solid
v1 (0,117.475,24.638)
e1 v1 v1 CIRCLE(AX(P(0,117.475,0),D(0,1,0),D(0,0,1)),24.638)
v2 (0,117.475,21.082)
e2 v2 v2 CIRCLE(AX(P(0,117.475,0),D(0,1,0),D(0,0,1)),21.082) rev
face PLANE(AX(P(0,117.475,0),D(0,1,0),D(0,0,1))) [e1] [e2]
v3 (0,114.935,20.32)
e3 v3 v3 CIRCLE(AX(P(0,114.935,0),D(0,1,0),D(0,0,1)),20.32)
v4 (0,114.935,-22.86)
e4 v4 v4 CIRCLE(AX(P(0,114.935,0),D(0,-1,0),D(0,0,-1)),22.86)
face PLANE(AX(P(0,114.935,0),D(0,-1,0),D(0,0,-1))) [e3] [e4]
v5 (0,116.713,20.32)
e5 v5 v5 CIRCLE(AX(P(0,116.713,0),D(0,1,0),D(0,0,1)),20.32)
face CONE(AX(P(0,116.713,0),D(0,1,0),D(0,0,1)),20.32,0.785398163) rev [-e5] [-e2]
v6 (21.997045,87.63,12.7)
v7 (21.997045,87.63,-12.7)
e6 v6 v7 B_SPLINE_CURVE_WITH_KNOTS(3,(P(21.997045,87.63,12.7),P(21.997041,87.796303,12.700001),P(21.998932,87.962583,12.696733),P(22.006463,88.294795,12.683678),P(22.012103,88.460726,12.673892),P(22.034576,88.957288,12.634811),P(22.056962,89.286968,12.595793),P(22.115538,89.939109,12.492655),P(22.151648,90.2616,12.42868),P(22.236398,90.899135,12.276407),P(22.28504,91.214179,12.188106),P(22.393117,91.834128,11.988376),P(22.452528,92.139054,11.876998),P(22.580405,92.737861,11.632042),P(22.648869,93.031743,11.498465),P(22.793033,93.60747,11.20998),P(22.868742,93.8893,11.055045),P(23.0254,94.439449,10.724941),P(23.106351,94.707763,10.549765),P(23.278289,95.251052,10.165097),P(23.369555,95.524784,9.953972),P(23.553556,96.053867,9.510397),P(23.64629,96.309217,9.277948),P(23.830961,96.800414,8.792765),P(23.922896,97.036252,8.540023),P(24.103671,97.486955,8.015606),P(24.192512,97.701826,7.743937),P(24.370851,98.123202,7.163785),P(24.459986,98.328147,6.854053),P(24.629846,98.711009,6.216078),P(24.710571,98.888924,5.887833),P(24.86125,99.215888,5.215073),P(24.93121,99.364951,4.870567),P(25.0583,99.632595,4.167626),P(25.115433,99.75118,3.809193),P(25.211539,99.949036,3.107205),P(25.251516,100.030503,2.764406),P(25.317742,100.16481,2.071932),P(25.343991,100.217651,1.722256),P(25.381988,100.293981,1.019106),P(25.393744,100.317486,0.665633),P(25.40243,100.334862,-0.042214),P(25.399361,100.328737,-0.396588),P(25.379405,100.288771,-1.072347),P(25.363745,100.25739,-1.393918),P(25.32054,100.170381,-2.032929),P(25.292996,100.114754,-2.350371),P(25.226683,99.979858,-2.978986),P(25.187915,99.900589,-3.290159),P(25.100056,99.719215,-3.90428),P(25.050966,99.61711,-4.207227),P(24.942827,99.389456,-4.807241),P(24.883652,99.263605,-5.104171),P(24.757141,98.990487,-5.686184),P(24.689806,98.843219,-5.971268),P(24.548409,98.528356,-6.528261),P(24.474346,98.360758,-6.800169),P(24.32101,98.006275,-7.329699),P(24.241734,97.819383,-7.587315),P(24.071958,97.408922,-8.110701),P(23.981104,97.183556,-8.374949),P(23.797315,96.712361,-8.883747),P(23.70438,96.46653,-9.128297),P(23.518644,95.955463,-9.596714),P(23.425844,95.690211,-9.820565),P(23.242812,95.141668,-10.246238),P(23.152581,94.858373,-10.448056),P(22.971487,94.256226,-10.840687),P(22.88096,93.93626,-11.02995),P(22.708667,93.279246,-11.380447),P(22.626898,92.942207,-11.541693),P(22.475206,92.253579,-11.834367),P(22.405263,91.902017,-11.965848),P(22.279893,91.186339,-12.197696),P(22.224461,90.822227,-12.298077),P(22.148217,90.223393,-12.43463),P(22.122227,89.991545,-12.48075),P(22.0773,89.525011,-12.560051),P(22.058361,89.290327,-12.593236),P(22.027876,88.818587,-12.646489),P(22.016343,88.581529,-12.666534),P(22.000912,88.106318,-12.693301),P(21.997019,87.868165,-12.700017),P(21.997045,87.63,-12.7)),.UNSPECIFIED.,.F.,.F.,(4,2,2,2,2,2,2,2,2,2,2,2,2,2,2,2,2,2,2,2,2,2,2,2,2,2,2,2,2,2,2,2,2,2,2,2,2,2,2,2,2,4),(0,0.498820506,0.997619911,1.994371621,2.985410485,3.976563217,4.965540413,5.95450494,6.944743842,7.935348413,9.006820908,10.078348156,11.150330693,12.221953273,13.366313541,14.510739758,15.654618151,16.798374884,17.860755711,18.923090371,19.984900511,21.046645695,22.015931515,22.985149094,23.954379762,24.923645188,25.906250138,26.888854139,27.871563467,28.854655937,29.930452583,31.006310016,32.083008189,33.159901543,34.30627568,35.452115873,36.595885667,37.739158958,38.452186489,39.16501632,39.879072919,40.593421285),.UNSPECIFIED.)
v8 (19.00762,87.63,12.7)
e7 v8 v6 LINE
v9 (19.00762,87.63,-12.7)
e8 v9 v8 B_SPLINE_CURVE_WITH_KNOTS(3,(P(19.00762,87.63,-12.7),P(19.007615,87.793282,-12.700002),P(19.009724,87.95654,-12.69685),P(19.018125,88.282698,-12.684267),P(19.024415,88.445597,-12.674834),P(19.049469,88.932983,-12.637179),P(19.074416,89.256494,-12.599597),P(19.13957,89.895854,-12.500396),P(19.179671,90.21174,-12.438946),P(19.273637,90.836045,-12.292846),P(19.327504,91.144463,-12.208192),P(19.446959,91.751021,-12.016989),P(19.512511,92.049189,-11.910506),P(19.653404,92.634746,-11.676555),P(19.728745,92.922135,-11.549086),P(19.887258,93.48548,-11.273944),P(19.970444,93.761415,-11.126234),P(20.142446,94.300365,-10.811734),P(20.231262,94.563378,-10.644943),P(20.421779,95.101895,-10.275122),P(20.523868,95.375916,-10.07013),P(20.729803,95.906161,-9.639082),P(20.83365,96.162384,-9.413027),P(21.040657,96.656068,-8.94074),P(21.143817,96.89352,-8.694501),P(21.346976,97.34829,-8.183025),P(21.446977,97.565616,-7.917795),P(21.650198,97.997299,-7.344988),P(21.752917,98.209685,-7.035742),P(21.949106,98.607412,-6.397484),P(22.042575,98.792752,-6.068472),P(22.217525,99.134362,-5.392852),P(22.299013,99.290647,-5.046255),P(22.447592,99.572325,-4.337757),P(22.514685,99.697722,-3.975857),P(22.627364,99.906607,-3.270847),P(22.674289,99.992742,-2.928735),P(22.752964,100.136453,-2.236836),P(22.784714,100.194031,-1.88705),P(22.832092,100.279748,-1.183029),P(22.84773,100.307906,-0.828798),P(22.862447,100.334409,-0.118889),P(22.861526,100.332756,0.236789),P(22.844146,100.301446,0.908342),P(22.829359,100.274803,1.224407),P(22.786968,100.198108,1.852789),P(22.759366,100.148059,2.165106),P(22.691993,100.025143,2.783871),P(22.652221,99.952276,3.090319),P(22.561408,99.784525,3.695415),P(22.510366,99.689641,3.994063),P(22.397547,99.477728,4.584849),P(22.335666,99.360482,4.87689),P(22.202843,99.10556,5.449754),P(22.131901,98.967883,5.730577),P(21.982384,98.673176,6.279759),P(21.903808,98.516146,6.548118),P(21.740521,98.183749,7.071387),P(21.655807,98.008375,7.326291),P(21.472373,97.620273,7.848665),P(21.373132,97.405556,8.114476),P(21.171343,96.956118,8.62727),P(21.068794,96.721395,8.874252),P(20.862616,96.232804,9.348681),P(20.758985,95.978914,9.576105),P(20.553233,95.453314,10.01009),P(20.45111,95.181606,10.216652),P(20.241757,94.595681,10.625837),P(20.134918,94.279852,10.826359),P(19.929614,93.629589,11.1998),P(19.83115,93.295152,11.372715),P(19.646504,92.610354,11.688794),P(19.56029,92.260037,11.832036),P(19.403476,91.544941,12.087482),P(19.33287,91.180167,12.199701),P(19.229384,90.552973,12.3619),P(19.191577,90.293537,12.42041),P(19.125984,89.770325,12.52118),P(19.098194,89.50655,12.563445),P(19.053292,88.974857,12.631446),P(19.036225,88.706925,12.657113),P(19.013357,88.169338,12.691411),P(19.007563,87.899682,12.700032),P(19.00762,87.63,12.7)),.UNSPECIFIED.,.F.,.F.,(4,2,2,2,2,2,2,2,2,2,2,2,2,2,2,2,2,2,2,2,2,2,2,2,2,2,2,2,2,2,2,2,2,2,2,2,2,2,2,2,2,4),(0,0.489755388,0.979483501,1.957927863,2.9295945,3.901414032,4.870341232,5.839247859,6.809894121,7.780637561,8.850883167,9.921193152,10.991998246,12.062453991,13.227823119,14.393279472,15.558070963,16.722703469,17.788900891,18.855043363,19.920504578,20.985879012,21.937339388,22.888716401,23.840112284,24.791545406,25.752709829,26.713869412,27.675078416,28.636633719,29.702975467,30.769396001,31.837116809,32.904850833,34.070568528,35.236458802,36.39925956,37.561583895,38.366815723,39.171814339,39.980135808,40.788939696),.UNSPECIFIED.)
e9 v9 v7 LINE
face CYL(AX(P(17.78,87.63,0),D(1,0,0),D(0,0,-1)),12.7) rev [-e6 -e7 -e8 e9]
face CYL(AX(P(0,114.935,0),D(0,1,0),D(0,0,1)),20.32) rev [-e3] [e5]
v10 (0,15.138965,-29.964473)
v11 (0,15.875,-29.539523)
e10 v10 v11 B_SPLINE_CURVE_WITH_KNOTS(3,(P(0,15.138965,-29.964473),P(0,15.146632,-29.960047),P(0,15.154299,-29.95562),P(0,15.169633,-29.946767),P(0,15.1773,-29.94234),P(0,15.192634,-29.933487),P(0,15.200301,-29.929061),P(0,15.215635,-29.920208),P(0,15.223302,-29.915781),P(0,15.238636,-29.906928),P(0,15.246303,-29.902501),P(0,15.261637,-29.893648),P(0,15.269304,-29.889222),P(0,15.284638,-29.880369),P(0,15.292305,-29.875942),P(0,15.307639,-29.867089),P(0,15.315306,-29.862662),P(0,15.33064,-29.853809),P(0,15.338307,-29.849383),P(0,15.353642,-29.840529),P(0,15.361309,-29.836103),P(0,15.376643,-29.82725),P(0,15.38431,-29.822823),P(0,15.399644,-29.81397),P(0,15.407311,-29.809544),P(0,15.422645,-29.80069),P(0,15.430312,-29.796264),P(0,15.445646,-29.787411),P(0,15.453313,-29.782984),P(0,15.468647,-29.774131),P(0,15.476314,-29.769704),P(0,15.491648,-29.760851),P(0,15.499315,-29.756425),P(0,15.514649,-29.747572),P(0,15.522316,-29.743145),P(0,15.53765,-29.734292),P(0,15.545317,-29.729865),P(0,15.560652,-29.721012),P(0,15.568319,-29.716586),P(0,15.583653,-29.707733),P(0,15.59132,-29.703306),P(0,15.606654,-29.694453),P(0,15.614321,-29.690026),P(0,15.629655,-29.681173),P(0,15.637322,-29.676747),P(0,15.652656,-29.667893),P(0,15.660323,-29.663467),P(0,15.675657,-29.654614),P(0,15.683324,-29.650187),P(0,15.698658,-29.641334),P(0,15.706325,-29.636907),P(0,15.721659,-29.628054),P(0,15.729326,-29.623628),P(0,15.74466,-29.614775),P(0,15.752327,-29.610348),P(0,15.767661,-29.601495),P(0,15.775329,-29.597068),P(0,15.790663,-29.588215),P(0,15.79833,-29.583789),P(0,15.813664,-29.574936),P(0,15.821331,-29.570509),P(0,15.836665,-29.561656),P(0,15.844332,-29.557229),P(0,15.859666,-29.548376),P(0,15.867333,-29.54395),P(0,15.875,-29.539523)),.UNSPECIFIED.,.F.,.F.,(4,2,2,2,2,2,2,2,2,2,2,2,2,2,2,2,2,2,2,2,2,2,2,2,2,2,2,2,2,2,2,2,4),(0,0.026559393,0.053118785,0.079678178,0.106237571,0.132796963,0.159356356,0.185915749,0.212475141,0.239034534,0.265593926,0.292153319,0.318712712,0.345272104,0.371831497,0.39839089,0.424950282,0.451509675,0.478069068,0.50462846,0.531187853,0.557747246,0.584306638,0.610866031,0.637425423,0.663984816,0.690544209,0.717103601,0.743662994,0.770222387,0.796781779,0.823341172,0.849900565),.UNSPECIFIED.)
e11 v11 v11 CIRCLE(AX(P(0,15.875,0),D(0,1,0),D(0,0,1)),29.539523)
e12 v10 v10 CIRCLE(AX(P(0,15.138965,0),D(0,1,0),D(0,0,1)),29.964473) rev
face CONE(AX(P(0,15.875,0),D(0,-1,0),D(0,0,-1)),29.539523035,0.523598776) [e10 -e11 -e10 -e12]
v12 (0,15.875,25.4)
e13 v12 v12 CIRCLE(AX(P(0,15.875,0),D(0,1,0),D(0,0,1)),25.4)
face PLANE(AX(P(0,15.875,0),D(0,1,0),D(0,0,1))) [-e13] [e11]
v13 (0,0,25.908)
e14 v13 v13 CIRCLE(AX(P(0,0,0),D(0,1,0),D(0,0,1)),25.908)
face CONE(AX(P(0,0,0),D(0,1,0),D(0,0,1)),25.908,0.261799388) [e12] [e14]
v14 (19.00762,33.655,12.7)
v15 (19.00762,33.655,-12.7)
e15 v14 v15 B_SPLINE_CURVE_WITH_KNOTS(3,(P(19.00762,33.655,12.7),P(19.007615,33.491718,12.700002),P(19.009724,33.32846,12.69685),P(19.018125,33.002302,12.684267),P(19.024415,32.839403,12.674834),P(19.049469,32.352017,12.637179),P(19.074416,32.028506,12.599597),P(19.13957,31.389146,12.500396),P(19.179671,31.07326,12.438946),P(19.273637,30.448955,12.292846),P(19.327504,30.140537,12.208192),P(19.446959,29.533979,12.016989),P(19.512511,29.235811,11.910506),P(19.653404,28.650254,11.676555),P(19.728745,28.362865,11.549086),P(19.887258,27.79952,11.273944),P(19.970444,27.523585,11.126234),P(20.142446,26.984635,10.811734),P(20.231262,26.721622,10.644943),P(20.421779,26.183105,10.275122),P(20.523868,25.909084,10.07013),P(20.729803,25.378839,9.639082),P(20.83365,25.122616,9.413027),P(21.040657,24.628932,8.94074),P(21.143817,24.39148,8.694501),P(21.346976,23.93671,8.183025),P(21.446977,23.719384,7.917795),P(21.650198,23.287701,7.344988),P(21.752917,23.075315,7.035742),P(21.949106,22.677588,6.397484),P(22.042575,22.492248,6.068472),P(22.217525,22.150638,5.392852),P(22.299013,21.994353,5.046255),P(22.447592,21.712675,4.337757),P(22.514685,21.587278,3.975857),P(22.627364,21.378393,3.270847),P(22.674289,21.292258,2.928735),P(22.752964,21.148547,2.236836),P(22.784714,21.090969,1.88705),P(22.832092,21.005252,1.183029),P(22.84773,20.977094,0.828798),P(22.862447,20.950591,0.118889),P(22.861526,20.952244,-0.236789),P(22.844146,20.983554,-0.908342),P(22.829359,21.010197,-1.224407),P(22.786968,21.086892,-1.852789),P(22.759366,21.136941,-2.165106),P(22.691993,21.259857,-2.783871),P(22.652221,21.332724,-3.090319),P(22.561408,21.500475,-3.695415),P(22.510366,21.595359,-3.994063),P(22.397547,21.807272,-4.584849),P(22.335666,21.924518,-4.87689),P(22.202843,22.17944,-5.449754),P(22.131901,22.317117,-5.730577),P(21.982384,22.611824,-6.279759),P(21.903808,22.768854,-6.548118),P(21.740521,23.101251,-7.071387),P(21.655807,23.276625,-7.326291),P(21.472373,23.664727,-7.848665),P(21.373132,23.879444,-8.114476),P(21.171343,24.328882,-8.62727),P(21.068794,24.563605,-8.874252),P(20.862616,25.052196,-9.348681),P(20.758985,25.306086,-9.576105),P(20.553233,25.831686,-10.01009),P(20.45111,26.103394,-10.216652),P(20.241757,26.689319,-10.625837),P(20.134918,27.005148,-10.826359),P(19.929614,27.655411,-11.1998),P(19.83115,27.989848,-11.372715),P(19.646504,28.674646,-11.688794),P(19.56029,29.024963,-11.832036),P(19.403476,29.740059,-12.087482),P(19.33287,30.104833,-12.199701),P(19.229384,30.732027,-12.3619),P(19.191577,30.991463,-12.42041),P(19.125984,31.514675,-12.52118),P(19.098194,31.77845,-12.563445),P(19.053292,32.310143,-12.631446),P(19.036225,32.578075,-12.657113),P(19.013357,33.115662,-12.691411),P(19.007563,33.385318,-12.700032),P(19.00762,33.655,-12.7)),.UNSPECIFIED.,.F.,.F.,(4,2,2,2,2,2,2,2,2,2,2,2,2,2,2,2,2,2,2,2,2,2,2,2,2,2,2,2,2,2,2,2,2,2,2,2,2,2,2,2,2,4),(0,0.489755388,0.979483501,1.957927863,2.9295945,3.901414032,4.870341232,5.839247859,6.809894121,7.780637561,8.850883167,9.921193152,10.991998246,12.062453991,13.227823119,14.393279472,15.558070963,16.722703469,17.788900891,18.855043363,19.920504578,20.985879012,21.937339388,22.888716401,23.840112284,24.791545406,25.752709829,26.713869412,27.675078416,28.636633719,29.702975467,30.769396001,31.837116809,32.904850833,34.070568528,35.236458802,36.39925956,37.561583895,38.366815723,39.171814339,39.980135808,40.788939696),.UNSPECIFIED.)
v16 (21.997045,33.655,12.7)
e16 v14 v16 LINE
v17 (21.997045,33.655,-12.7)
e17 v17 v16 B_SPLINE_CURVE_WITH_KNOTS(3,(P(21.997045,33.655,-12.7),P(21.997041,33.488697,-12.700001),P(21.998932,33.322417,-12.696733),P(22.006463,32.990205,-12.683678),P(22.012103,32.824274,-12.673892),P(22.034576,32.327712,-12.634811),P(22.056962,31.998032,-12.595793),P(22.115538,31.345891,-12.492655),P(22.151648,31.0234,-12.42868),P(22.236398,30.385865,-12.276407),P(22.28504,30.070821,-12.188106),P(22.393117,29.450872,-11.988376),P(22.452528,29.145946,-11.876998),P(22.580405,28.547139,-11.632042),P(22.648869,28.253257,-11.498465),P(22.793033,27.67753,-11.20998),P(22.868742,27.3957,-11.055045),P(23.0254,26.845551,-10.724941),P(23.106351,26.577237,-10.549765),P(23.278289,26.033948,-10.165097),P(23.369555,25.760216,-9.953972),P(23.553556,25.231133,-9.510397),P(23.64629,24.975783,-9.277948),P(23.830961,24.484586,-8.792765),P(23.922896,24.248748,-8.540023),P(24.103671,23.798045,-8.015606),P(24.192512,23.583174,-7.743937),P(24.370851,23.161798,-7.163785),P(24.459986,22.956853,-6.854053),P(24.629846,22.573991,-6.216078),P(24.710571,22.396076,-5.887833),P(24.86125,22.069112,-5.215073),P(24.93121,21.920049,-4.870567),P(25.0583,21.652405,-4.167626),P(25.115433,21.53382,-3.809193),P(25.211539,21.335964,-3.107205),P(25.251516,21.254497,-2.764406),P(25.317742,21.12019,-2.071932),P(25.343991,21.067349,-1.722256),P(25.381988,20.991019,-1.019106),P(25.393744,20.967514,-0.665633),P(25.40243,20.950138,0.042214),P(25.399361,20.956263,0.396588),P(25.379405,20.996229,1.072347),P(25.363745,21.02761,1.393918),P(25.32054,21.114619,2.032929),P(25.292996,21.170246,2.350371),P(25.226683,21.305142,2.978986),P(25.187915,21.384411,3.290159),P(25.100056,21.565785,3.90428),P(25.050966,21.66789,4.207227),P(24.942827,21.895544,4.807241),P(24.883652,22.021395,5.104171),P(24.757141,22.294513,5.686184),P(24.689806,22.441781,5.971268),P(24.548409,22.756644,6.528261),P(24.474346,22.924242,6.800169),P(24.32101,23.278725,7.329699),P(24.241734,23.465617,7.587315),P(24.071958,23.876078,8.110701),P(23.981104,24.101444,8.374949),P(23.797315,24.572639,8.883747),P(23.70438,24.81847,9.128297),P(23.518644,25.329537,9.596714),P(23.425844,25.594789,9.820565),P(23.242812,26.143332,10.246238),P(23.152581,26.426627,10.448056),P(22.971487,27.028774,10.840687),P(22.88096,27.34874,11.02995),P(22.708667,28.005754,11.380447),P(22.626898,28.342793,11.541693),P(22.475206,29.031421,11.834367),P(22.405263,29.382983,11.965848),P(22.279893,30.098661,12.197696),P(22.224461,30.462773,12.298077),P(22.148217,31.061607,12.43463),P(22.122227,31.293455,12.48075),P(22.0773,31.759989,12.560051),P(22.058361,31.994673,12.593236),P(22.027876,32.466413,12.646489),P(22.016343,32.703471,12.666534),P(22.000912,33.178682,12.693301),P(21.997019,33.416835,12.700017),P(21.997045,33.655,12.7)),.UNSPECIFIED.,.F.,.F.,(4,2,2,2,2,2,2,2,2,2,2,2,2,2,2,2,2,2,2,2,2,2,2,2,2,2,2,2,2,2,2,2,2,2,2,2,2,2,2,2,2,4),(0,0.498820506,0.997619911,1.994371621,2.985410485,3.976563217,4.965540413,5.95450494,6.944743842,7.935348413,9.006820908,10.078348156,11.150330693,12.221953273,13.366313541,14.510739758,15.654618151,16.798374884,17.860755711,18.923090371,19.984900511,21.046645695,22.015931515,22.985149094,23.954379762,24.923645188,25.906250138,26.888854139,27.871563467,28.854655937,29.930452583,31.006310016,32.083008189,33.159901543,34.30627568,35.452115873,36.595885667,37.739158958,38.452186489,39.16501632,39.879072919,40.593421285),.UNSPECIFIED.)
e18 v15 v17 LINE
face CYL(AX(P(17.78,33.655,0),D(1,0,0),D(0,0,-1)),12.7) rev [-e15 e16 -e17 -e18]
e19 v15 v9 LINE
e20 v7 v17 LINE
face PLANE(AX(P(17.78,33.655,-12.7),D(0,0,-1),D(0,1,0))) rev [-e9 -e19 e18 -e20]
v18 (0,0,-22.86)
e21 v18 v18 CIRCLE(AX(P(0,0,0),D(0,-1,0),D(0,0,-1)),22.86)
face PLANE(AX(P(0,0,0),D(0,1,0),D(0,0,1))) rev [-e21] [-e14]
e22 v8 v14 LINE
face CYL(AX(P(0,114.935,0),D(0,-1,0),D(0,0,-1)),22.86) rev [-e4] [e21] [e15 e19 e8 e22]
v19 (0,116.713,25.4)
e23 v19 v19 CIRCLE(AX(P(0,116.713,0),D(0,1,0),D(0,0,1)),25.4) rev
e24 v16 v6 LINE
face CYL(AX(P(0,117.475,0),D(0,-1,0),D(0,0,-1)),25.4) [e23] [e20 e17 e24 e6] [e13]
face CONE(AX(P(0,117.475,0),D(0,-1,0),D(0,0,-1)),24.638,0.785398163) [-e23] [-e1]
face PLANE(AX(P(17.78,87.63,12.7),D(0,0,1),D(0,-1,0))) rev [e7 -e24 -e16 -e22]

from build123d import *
from OCP.BRepFilletAPI import BRepFilletAPI_MakeChamfer

# Parameters (mm, degrees)
SKETCH1_R           = 25.908
BOSS_EXTRUDE1_DEPTH = 15.875
BOSS_EXTRUDE1_DRAFT = -15
SKETCH2_R           = 25.4
BOSS_EXTRUDE2_DEPTH = 101.6
SKETCH5_R           = 22.86
CUT_EXTRUDE2_DEPTH  = 114.935
SKETCH6_R           = 20.32
CUT_EXTRUDE3_DEPTH  = 2.54
CHAMFER1_SIZE       = 0.762
CHAMFER1_SIZE2      = 0.622170395
CUT_EXTRUDE6_DEPTH  = 7.62


with BuildPart() as part:
    # Sketch1 → Boss-Extrude1 (with draft: the straight prism first)
    with BuildSketch(Plane(origin=(0, 0, 0), x_dir=(1, 0, 0), z_dir=(0, 1, 0))):
        Circle(SKETCH1_R)
    extrude(amount=BOSS_EXTRUDE1_DEPTH)
    # Boss-Extrude1: the draft: its side faces are tilted about the plane it starts from
    boss_extrude1_sides = [part.faces().sort_by_distance(p)[0] for p in [
        (-25.908, 7.9375, 0),
    ]]
    draft(boss_extrude1_sides, Plane(origin=(0, 0, 0), x_dir=(1, 0, 0), z_dir=(0, 1, 0)), BOSS_EXTRUDE1_DRAFT)

    # Sketch2 → Boss-Extrude2 (add)
    with BuildSketch(Plane(origin=(0, 15.875, 0), x_dir=(1, 0, 0), z_dir=(0, 1, 0))):
        with Locations(Location((0, 0, 0), (0, 0, 270))):
            Circle(SKETCH2_R)
    extrude(amount=BOSS_EXTRUDE2_DEPTH)

    # Sketch5 → Cut-Extrude2 (cut)
    with BuildSketch(Plane.XZ):
        with Locations(Location((0, 0, 0), (0, 0, 270))):
            Circle(SKETCH5_R)
    extrude(amount=-CUT_EXTRUDE2_DEPTH, mode=Mode.SUBTRACT)

    # Sketch6 → Cut-Extrude3 (cut)
    with BuildSketch(Plane(origin=(0, 117.475, 0), x_dir=(1, 0, 0), z_dir=(0, 1, 0))):
        with Locations(Location((0, 0, 0), (0, 0, 270))):
            Circle(SKETCH6_R)
    extrude(amount=-CUT_EXTRUDE3_DEPTH, mode=Mode.SUBTRACT)

    # Chamfer1: one chamfer whose edges measure the first distance from different faces: ONE call of the kernel's chamfer builder (chamfer() names one face for all edges)
    chamfer1_edges_1 = [part.edges().sort_by_distance(p)[0] for p in [
        (0, 117.475, -20.32),
        (0, 117.475, -25.4),
    ]]
    chamfer1_edges_2 = [part.edges().sort_by_distance(p)[0] for p in [
        (-30.16169343, 15.875, 0),
    ]]
    chamfer1_side_2 = [part.faces().sort_by_distance(p)[0] for p in [
        (-28.034846715, 7.9375, 0),
    ]]
    chamfer1 = BRepFilletAPI_MakeChamfer(part.part.solid().wrapped)
    for e in chamfer1_edges_1:
        chamfer1.Add(CHAMFER1_SIZE, e.wrapped)
    for e in chamfer1_edges_2:
        chamfer1.Add(CHAMFER1_SIZE, CHAMFER1_SIZE2, e.wrapped, chamfer1_side_2[0].wrapped)  # the first distance lies on this face
    add(Compound.cast(chamfer1.Shape()), mode=Mode.REPLACE)

    # Sketch7 → Cut-Extrude6 (cut)
    with BuildSketch(Plane(origin=(25.4, 0, 0), x_dir=(0, 0, -1), z_dir=(1, 0, 0))):
        with BuildLine():
            Line((-12.7, 87.63), (-12.7, 33.655))
            ThreePointArc((-12.7, 33.655), (0, 20.955), (12.7, 33.655))
            Line((12.7, 33.655), (12.7, 87.63))
            ThreePointArc((12.7, 87.63), (0, 100.33), (-12.7, 87.63))
        make_face()
    extrude(amount=-CUT_EXTRUDE6_DEPTH, mode=Mode.SUBTRACT)


solid = part.part
